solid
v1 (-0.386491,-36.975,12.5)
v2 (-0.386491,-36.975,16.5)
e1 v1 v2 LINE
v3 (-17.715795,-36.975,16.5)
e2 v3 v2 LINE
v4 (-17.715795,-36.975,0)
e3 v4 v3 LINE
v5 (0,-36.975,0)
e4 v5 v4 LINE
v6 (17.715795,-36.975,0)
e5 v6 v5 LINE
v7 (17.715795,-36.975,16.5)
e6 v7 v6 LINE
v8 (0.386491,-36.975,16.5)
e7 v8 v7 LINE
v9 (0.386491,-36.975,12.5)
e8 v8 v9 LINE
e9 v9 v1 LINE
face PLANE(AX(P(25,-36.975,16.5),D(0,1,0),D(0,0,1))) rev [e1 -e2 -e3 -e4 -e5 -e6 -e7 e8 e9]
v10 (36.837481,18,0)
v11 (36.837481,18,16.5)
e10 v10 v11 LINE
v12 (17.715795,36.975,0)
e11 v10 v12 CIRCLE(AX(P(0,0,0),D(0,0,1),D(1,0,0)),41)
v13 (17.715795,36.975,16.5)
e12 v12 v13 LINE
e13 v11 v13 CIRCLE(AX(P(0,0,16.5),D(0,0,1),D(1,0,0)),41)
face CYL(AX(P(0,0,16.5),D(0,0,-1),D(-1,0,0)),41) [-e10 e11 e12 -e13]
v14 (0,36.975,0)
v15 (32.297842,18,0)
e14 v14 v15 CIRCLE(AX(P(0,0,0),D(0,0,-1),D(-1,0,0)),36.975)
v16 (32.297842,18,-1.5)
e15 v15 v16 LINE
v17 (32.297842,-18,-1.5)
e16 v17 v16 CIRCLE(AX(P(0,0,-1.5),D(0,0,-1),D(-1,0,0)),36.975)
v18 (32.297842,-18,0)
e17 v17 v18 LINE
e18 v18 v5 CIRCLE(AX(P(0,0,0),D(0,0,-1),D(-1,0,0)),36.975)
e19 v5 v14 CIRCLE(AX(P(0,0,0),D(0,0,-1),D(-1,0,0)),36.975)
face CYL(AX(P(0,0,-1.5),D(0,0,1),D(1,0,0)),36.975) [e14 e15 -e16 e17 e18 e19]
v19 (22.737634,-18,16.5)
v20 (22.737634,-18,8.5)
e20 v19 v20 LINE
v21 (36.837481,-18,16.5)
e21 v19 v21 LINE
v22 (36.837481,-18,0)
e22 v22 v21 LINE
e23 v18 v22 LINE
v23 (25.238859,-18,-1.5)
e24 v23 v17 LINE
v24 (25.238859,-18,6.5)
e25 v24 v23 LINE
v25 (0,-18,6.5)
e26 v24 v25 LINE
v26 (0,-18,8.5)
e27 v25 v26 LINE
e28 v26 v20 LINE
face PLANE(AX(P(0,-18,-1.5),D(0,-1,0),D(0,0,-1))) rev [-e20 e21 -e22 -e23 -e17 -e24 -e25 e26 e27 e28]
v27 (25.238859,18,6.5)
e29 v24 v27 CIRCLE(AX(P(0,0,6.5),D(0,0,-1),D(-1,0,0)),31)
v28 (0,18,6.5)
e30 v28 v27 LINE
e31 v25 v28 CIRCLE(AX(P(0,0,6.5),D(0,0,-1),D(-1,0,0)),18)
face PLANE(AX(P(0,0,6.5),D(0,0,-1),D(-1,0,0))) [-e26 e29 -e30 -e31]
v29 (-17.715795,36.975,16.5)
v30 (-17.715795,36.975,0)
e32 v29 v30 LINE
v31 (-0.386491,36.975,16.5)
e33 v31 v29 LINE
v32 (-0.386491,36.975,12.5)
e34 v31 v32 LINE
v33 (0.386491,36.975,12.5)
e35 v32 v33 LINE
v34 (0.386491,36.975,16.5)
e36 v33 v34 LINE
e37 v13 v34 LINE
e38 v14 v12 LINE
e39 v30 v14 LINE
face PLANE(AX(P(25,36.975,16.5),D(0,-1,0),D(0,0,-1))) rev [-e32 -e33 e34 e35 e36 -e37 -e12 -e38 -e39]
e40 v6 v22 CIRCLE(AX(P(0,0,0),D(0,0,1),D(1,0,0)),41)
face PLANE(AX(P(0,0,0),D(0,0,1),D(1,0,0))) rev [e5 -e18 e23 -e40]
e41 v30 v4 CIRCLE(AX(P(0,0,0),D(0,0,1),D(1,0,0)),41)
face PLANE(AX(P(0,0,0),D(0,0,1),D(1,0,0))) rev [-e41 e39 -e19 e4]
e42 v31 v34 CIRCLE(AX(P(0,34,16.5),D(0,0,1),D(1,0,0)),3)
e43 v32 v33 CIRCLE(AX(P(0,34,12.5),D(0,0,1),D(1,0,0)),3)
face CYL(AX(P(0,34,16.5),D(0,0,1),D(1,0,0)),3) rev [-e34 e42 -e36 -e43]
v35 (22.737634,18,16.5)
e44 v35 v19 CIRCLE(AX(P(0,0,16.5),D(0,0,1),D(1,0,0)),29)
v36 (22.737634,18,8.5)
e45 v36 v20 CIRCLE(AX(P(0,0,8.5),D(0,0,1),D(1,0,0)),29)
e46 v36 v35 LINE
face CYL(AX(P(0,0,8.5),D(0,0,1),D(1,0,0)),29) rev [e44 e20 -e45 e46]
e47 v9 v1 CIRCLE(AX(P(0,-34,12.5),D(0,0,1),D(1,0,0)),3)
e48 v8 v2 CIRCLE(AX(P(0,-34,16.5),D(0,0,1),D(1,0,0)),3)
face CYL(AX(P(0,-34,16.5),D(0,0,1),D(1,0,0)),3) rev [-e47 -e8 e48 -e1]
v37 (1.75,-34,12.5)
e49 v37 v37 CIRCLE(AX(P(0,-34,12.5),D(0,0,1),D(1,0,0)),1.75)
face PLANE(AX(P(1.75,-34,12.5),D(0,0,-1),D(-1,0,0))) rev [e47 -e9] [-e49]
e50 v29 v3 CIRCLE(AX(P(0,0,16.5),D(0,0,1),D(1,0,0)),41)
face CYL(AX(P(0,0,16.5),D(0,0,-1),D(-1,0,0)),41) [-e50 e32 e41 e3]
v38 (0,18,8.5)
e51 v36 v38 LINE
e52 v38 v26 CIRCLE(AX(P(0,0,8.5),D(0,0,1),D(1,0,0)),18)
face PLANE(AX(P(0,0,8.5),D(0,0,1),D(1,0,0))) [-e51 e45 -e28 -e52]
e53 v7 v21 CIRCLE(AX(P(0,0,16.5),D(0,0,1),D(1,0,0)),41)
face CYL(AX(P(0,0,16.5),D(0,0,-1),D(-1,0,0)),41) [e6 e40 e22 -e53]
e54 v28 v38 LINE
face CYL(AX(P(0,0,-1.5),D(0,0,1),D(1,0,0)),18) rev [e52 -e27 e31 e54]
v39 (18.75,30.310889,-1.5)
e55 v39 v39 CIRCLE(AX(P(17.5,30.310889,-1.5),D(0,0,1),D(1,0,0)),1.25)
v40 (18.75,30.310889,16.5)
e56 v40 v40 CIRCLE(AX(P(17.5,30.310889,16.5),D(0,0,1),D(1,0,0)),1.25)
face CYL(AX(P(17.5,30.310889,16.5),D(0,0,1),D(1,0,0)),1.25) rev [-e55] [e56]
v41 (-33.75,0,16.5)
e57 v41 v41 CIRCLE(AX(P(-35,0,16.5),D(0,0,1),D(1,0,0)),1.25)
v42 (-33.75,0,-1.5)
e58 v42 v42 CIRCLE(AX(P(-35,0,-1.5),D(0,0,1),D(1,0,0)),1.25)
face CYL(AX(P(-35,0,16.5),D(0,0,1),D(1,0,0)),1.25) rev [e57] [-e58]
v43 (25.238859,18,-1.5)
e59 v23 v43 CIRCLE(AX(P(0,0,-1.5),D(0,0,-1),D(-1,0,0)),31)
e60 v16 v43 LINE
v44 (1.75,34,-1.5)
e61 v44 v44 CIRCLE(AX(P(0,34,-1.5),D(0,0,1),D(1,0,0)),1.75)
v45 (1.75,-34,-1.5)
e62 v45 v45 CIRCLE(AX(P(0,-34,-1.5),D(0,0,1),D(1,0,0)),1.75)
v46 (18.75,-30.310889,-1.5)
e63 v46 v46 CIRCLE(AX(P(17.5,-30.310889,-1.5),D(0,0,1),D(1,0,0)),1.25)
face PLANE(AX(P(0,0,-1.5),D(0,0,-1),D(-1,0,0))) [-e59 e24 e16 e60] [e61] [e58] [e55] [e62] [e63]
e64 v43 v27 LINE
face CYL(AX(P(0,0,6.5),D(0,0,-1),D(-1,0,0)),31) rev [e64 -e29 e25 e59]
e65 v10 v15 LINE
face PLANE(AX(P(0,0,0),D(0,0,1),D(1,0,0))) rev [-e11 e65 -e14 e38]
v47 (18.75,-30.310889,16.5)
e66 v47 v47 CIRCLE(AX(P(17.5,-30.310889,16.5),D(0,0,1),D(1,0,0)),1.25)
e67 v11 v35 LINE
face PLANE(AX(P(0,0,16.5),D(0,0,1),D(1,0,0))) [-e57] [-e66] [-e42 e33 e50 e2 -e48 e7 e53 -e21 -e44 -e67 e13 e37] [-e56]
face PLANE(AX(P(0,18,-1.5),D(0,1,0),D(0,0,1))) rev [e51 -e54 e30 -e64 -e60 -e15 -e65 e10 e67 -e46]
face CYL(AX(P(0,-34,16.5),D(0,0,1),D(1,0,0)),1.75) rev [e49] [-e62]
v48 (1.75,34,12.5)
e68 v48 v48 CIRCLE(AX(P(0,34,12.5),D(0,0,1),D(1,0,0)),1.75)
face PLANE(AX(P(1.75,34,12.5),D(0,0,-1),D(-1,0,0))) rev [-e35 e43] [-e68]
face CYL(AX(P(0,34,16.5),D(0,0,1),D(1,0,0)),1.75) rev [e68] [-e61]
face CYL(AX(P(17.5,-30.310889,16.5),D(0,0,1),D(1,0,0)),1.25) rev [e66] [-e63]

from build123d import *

# Parameters (mm, degrees)
SKETCH_1_R                   = 41
EXTRUDE_1_DEPTH              = 16.5
SKETCH_2_R                   = 36.975
EXTRUDE_2_DEPTH              = 1.5
SKETCH_4_W                   = 50
SKETCH_4_H                   = 6.84002239
CUT_EXTRUDE_1_DEPTH          = 61.712436947
SKETCH_5_R                   = 31
CUT_EXTRUDE_3_DEPTH          = 8
SKETCH_6_R                   = 29
CUT_EXTRUDE_4_DEPTH          = 8
CUT_EXTRUDE_5_DEPTH          = 57.108382841
CUT_EXTRUDE_5_DEPTH_BACK     = 57.108382841
HOLE_WIZARD_M3_3_D           = 3.5
HOLE_WIZARD_M3_3_CBORE_D     = 6
HOLE_WIZARD_M3_3_CBORE_DEPTH = 4
HOLE_WIZARD_M3_1_D           = 2.5
PATTERN_CIRCULAR_1_COUNT     = 3


with BuildPart() as part:
    # 草图1 → 凸台-拉伸1 (new body)
    with BuildSketch(Plane.XY):
        Circle(SKETCH_1_R)
    extrude(amount=EXTRUDE_1_DEPTH)

    # 草图2 → 凸台-拉伸2 (add)
    with BuildSketch(Plane(origin=(0, 0, 0), x_dir=(-1, 0, 0), z_dir=(0, 0, -1))):
        Circle(SKETCH_2_R)
    extrude(amount=EXTRUDE_2_DEPTH)

    # 草图4 → 切除-拉伸1 (cut, through all)
    with BuildSketch(Plane(origin=(0, 0, -1.5), x_dir=(-1, 0, 0), z_dir=(0, 0, -1))):
        with Locations((0, 40.395011195)):
            Rectangle(SKETCH_4_W, SKETCH_4_H)
        with Locations((0, -40.395011195)):
            Rectangle(SKETCH_4_W, SKETCH_4_H)
    extrude(amount=-CUT_EXTRUDE_1_DEPTH, mode=Mode.SUBTRACT)

    # 草图5 → 切除-拉伸3 (cut)
    with BuildSketch(Plane(origin=(0, 0, -1.5), x_dir=(-1, 0, 0), z_dir=(0, 0, -1))):
        Circle(SKETCH_5_R)
    extrude(amount=-CUT_EXTRUDE_3_DEPTH, mode=Mode.SUBTRACT)

    # 草图6 → 切除-拉伸4 (cut)
    with BuildSketch(Plane.XY.offset(16.5)):
        Circle(SKETCH_6_R)
    extrude(amount=-CUT_EXTRUDE_4_DEPTH, mode=Mode.SUBTRACT)

    # 草图7 → 切除-拉伸5 (cut, two sides: drawn at the far end of the back side and taken through both)
    with BuildSketch(Plane.XY.offset(8.5).offset(-CUT_EXTRUDE_5_DEPTH_BACK)):
        with BuildLine():
            Line((0, 18), (36.837480913, 18))
            ThreePointArc((36.837480913, 18), (41, 0), (36.837480913, -18))
            Line((36.837480913, -18), (0, -18))
            ThreePointArc((0, -18), (-18, 0), (0, 18))
        make_face()
    extrude(amount=CUT_EXTRUDE_5_DEPTH + CUT_EXTRUDE_5_DEPTH_BACK, mode=Mode.SUBTRACT)

    # M3 六角头螺栓的柱形沉头孔3 (through all)
    with Locations(Plane(origin=(0, 34, 16.5), x_dir=(1, 0, 0), z_dir=(0, 0, 1))):
        with Locations((0, 0), (0, -68)):
            CounterBoreHole(HOLE_WIZARD_M3_3_D / 2, HOLE_WIZARD_M3_3_CBORE_D / 2, HOLE_WIZARD_M3_3_CBORE_DEPTH)

    # M3 螺纹孔1 (through all)
    with Locations(Plane(origin=(-35, 0, 16.5), x_dir=(1, 0, 0), z_dir=(0, 0, 1))):
        with Locations((0, 0)):
            hole_wizard_m3_1 = Hole(HOLE_WIZARD_M3_1_D / 2)

    # 阵列(圆周)1: M3 螺纹孔1 ×3 about axis
    pattern_circular_1_axis = Axis((0, 0, 0), (0, 0, 1))
    for i in range(1, PATTERN_CIRCULAR_1_COUNT):
        add(hole_wizard_m3_1.rotate(pattern_circular_1_axis, i * 360 / PATTERN_CIRCULAR_1_COUNT), mode=Mode.SUBTRACT)


solid = part.part
